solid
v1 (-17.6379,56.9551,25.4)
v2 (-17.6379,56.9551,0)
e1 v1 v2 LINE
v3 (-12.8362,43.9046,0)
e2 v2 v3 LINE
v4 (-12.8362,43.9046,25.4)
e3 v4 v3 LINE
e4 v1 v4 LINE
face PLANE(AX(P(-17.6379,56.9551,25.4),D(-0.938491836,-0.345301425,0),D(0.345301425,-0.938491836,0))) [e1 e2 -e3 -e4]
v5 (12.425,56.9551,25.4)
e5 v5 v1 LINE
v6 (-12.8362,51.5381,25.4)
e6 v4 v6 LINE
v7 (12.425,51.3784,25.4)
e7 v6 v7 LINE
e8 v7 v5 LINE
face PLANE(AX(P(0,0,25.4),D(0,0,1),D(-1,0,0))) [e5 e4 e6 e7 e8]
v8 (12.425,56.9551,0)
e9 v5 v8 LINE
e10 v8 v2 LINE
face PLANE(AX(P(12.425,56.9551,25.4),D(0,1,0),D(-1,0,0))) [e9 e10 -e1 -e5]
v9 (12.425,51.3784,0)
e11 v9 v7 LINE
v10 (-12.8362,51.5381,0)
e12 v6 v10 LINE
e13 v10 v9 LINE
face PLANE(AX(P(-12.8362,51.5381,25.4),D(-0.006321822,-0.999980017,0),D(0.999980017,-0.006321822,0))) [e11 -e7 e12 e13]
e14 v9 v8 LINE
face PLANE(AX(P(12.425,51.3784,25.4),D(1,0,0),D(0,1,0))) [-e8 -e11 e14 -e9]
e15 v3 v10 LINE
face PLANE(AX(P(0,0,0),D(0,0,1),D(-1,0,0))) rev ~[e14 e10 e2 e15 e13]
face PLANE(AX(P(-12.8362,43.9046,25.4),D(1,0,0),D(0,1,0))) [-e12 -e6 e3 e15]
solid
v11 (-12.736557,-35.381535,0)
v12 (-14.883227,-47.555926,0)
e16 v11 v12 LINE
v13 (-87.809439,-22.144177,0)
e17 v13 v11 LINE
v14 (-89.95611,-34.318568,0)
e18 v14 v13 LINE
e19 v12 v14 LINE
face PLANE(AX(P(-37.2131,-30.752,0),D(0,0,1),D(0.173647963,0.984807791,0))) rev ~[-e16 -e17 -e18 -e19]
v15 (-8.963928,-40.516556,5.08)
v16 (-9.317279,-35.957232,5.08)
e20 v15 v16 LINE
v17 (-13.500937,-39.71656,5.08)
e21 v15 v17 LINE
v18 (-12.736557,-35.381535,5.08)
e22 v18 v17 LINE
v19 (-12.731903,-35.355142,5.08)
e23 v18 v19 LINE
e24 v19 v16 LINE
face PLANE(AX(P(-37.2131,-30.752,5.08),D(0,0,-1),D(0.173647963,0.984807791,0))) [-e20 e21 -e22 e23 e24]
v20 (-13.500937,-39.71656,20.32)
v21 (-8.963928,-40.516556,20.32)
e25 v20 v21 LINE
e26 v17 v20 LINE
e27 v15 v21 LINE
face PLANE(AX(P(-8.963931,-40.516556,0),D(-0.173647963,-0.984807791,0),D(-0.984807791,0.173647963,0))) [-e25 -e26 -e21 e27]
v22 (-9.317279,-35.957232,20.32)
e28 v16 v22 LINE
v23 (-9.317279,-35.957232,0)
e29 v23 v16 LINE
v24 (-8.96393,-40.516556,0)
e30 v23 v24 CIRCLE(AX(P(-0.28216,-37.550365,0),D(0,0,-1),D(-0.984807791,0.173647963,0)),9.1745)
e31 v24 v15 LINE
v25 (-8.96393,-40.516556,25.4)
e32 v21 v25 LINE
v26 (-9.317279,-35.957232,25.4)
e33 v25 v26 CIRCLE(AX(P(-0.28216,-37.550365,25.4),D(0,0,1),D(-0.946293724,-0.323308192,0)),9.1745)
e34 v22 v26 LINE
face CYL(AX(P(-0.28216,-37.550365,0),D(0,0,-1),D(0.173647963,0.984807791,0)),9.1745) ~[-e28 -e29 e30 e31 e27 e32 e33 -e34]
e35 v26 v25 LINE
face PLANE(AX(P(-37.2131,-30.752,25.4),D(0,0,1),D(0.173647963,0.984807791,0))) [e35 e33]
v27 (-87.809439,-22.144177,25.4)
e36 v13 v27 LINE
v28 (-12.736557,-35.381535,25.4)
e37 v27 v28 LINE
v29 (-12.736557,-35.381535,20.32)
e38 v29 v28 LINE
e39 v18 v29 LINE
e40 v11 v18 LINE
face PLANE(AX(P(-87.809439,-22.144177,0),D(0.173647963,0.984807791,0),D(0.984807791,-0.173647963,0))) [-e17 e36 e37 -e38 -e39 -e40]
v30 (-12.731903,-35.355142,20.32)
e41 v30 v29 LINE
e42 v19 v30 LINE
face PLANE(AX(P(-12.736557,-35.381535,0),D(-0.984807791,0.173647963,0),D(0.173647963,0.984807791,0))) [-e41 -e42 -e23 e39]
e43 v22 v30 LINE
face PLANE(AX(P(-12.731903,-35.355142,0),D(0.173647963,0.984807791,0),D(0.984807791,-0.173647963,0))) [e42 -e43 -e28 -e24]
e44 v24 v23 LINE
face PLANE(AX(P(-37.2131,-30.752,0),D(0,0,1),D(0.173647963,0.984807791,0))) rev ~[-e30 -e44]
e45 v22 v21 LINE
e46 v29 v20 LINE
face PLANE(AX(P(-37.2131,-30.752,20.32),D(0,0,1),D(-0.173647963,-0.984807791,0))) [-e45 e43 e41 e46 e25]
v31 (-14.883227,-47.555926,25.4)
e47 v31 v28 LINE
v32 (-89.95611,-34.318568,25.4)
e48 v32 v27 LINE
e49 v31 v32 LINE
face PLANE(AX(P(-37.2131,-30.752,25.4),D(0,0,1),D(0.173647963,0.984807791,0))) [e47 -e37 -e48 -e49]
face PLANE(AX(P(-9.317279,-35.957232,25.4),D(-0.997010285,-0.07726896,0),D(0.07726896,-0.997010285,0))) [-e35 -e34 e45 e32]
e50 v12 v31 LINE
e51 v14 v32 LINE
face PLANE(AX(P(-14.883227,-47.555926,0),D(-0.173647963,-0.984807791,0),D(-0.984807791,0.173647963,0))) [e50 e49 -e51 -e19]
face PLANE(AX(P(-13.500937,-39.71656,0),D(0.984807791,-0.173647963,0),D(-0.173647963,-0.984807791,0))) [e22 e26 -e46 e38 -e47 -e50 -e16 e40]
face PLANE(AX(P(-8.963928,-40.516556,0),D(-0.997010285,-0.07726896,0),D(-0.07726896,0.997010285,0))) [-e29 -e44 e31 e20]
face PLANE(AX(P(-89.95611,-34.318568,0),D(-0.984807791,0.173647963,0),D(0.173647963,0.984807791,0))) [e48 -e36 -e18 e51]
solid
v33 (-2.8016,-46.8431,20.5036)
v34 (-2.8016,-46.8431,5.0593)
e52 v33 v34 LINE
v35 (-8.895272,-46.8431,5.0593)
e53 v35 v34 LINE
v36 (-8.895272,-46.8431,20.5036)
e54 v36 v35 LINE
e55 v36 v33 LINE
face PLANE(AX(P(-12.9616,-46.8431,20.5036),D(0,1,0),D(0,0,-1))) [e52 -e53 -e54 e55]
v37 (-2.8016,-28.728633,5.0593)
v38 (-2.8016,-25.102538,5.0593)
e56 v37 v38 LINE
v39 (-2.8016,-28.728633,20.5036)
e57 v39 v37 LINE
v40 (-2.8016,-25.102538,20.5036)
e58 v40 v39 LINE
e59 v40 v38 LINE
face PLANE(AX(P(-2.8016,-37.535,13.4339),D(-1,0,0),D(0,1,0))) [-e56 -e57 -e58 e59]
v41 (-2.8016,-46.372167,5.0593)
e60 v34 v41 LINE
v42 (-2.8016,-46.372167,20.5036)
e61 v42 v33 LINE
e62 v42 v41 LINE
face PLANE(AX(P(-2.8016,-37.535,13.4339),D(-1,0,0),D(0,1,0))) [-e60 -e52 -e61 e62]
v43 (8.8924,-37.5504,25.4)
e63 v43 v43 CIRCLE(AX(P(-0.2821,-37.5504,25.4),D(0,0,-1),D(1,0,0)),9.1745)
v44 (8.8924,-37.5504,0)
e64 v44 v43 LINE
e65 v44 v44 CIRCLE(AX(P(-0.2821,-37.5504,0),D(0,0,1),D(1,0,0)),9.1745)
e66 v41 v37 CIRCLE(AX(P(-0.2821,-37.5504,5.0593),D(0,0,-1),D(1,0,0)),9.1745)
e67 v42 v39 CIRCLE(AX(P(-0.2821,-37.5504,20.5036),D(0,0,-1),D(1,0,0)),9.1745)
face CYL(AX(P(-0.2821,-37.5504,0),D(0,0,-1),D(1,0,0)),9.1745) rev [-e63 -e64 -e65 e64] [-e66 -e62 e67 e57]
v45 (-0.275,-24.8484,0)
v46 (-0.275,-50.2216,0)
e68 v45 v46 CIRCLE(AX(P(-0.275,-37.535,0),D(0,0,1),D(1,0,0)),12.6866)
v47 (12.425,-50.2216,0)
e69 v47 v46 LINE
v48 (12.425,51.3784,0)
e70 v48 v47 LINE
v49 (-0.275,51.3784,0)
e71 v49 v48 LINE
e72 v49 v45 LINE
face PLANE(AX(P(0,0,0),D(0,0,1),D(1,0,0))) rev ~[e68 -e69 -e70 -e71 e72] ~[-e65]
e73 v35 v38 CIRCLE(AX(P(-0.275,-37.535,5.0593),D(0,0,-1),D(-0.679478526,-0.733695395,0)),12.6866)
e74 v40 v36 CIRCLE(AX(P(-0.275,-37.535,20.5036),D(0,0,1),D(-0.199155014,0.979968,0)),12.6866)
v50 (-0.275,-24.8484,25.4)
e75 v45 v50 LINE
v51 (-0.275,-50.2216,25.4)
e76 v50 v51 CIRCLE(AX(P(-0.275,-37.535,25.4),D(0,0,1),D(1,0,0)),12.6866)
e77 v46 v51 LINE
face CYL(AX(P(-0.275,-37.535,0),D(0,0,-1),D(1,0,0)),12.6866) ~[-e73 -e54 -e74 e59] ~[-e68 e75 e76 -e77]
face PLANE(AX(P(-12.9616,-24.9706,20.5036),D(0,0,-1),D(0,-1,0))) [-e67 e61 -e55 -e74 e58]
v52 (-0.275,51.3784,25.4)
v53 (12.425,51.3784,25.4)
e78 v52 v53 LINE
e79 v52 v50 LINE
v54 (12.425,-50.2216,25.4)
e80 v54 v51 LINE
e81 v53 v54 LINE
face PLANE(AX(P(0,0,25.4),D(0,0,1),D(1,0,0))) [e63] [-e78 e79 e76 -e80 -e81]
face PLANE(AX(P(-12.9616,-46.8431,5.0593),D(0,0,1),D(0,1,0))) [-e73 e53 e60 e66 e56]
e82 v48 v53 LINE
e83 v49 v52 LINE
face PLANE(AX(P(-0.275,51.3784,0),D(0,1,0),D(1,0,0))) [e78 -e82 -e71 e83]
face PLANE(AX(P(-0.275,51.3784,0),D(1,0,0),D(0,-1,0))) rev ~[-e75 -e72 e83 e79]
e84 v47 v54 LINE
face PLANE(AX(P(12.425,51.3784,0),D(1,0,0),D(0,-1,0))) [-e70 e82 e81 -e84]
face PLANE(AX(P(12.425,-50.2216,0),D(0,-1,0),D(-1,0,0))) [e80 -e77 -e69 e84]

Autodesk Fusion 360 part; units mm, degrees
sketch "Sketch1" plane through (0, 0, 0) normal (0, 0, 1) x (1, 0, 0)
  line L0 (-12.975, 51.3784) -> (12.425, 51.3784)
  line L1 (12.425, 51.3784) -> (12.425, -50.2216)
  line L2 (12.425, -50.2216) -> (-12.975, -50.2216)
  line L3 (-12.975, -50.2216) -> (-12.975, 51.3784)
  line L4 (-0.275, 51.3784) -> (-0.275, -50.2216)
  circle A0 centre (-0.275, -37.535) radius 12.6866
  dimension "d1" = 25.4
  dimension "d2" = 101.6
extrude "Extrude1" add sketch "Sketch1" along normal blind 25.4 contours L0 L1 L2 L4 A0 | L4 A0 | L4 A0 makes body 1
sketch "Sketch2" plane through (0, 0, 0) normal (0, 0, 1) x (1, 0, 0)
  line L0 (-12.6711, 51.3224) -> (-0.3089, 51.3224)
  line L1 (-0.3089, 51.3224) -> (-0.3089, -24.9086)
  line L2 (-0.3089, -24.9086) -> (-12.6711, -24.9086)
  line L3 (-12.6711, -24.9086) -> (-12.6711, 51.3224)
  circle A0 centre (-0.2821, -37.5504) radius 9.1745
  line L4 (-4.7108, -24.9086) -> (-0.2821, -24.9086)
  line L5 (-0.2821, -24.9086) -> (-0.2821, -37.5504)
  line L6 (-0.2821, -37.5504) -> (-4.7108, -37.5504)
  line L7 (-4.7108, -37.5504) -> (-4.7108, -24.9086)
extrude "Extrude2" add sketch "Sketch2" along normal blind 25.4 separate body makes body 2
extrude "Extrude3" cut sketch "Sketch2" along normal blind 261.62 contours A0 L5 L6 L7 | A0 L5 L6 L7 bodies 1
sketch "Sketch3" plane through (0, 0, 25.4) normal (0, 0, 1) x (-1, 0, 0)
  line L0 (4.7108, 24.9086) -> (4.7108, 29.5156)
  arc A0 (4.7108, 29.5156) -> (0.2821, 28.3759) centre (0.2821, 37.5504) ccw
  line L1 (0.2821, 28.3759) -> (0.2821, 24.9086)
  line L2 (0.2821, 24.9086) -> (0.3089, 24.9086)
  line L3 (0.3089, 24.9086) -> (0.3089, -51.3224)
  line L4 (0.3089, -51.3224) -> (12.6711, -51.3224)
  line L5 (12.6711, -51.3224) -> (12.6711, 24.9086)
  line L6 (12.6711, 24.9086) -> (4.7108, 24.9086)
  line L7 (0.3089, 24.9086) -> (4.7108, 24.9086)
  line L8 (0.2821, 28.3759) -> (4.7108, 29.5156)
extrude "Extrude4" cut sketch "Sketch3" against normal blind 5.08 contours L0 L1 L2 L7 L8 bodies 2
sketch "Sketch4" plane through (0, 0, 0) normal (0, 0, -1) x (1, 0, 0)
  line L0 (-4.7108, 29.5156) -> (-4.7108, 24.9086)
  line L1 (-4.7108, 24.9086) -> (-12.6711, 24.9086)
  line L2 (-12.6711, 24.9086) -> (-12.6711, -51.3224)
  line L3 (-12.6711, -51.3224) -> (-0.3089, -51.3224)
  line L4 (-0.3089, -51.3224) -> (-0.3089, 24.9086)
  line L5 (-0.3089, 24.9086) -> (-0.2821, 24.9086)
  line L6 (-0.2821, 24.9086) -> (-0.2821, 28.3759)
  arc A0 (-0.2821, 28.3759) -> (-4.7108, 29.5156) centre (-0.2821, 37.5504) ccw
  line L7 (-4.7108, 29.5156) -> (-0.2821, 28.3759)
  line L8 (-0.3089, 24.9086) -> (-4.7108, 24.9086)
extrude "Extrude5" cut sketch "Sketch4" against normal blind 5.08 contours L0 L5 L6 L7 L8 bodies 2
ref_plane "WorkPlane1" through (-12.9616, -37.535, 13.4339) normal (-1, 0, 0) x (0, 1, 0)
sketch "Sketch5" plane through (-12.9616, -37.535, 13.4339) normal (-1, 0, 0) x (0, 1, 0)
  line L0 (12.5644, -7.0697) -> (-9.3081, -7.0697)
  line L1 (-9.3081, -7.0697) -> (-9.3081, 8.3746)
  line L2 (-9.3081, 8.3746) -> (12.5644, 8.3746)
  line L3 (12.5644, 8.3746) -> (12.5644, -7.0697)
extrude "Extrude6" cut sketch "Sketch5" against normal blind 10.16 bodies 1
sketch "Sketch6" plane through (0, 0, 25.4) normal (0, 0, 1) x (-1, 0, 0)
  circle A0 centre (0.2821, 37.5504) radius 9.1745
  line L0 (-12.425, -51.3784) -> (0.275, -51.3784)
  line L1 (0.275, -51.3784) -> (0.275, 24.8484)
  arc A1 (0.275, 24.8484) -> (0.275, 50.2216) centre (0.275, 37.535) ccw
  line L2 (0.275, 50.2216) -> (-12.425, 50.2216)
  line L3 (-12.425, 50.2216) -> (-12.425, -51.3784)
  line L4 (-12.425, -51.3784) -> (-12.425, -56.9551)
  line L5 (-12.425, -56.9551) -> (17.6379, -56.9551)
  line L6 (17.6379, -56.9551) -> (12.8362, -43.9046)
  line L7 (12.8362, -43.9046) -> (12.8362, -51.5381)
  line L8 (12.8362, -51.5381) -> (-12.425, -51.3784)
extrude "Extrude7" add sketch "Sketch6" against normal blind 25.4 separate body contours L4 L5 L6 L7 L8 makes body 3
combine "Combine1" operation add target body 1 tool bodies 3
copy_body "Body->Comp1" bodies 1 removing the originals makes body 4 in component "Component"
copy_body "Body->Comp2" bodies 2 removing the originals makes body 5 in component "Component'"
component "Component" placed x (1, 0, 0) y (0, 1, 0) z (0, 0, 1) at (0, 0, 0)
component "Component'" placed x (0.173648, 0.984808, 0) y (-0.984808, 0.173648, 0) z (0, 0, 1) at (-37.2131, -30.752, 0)
